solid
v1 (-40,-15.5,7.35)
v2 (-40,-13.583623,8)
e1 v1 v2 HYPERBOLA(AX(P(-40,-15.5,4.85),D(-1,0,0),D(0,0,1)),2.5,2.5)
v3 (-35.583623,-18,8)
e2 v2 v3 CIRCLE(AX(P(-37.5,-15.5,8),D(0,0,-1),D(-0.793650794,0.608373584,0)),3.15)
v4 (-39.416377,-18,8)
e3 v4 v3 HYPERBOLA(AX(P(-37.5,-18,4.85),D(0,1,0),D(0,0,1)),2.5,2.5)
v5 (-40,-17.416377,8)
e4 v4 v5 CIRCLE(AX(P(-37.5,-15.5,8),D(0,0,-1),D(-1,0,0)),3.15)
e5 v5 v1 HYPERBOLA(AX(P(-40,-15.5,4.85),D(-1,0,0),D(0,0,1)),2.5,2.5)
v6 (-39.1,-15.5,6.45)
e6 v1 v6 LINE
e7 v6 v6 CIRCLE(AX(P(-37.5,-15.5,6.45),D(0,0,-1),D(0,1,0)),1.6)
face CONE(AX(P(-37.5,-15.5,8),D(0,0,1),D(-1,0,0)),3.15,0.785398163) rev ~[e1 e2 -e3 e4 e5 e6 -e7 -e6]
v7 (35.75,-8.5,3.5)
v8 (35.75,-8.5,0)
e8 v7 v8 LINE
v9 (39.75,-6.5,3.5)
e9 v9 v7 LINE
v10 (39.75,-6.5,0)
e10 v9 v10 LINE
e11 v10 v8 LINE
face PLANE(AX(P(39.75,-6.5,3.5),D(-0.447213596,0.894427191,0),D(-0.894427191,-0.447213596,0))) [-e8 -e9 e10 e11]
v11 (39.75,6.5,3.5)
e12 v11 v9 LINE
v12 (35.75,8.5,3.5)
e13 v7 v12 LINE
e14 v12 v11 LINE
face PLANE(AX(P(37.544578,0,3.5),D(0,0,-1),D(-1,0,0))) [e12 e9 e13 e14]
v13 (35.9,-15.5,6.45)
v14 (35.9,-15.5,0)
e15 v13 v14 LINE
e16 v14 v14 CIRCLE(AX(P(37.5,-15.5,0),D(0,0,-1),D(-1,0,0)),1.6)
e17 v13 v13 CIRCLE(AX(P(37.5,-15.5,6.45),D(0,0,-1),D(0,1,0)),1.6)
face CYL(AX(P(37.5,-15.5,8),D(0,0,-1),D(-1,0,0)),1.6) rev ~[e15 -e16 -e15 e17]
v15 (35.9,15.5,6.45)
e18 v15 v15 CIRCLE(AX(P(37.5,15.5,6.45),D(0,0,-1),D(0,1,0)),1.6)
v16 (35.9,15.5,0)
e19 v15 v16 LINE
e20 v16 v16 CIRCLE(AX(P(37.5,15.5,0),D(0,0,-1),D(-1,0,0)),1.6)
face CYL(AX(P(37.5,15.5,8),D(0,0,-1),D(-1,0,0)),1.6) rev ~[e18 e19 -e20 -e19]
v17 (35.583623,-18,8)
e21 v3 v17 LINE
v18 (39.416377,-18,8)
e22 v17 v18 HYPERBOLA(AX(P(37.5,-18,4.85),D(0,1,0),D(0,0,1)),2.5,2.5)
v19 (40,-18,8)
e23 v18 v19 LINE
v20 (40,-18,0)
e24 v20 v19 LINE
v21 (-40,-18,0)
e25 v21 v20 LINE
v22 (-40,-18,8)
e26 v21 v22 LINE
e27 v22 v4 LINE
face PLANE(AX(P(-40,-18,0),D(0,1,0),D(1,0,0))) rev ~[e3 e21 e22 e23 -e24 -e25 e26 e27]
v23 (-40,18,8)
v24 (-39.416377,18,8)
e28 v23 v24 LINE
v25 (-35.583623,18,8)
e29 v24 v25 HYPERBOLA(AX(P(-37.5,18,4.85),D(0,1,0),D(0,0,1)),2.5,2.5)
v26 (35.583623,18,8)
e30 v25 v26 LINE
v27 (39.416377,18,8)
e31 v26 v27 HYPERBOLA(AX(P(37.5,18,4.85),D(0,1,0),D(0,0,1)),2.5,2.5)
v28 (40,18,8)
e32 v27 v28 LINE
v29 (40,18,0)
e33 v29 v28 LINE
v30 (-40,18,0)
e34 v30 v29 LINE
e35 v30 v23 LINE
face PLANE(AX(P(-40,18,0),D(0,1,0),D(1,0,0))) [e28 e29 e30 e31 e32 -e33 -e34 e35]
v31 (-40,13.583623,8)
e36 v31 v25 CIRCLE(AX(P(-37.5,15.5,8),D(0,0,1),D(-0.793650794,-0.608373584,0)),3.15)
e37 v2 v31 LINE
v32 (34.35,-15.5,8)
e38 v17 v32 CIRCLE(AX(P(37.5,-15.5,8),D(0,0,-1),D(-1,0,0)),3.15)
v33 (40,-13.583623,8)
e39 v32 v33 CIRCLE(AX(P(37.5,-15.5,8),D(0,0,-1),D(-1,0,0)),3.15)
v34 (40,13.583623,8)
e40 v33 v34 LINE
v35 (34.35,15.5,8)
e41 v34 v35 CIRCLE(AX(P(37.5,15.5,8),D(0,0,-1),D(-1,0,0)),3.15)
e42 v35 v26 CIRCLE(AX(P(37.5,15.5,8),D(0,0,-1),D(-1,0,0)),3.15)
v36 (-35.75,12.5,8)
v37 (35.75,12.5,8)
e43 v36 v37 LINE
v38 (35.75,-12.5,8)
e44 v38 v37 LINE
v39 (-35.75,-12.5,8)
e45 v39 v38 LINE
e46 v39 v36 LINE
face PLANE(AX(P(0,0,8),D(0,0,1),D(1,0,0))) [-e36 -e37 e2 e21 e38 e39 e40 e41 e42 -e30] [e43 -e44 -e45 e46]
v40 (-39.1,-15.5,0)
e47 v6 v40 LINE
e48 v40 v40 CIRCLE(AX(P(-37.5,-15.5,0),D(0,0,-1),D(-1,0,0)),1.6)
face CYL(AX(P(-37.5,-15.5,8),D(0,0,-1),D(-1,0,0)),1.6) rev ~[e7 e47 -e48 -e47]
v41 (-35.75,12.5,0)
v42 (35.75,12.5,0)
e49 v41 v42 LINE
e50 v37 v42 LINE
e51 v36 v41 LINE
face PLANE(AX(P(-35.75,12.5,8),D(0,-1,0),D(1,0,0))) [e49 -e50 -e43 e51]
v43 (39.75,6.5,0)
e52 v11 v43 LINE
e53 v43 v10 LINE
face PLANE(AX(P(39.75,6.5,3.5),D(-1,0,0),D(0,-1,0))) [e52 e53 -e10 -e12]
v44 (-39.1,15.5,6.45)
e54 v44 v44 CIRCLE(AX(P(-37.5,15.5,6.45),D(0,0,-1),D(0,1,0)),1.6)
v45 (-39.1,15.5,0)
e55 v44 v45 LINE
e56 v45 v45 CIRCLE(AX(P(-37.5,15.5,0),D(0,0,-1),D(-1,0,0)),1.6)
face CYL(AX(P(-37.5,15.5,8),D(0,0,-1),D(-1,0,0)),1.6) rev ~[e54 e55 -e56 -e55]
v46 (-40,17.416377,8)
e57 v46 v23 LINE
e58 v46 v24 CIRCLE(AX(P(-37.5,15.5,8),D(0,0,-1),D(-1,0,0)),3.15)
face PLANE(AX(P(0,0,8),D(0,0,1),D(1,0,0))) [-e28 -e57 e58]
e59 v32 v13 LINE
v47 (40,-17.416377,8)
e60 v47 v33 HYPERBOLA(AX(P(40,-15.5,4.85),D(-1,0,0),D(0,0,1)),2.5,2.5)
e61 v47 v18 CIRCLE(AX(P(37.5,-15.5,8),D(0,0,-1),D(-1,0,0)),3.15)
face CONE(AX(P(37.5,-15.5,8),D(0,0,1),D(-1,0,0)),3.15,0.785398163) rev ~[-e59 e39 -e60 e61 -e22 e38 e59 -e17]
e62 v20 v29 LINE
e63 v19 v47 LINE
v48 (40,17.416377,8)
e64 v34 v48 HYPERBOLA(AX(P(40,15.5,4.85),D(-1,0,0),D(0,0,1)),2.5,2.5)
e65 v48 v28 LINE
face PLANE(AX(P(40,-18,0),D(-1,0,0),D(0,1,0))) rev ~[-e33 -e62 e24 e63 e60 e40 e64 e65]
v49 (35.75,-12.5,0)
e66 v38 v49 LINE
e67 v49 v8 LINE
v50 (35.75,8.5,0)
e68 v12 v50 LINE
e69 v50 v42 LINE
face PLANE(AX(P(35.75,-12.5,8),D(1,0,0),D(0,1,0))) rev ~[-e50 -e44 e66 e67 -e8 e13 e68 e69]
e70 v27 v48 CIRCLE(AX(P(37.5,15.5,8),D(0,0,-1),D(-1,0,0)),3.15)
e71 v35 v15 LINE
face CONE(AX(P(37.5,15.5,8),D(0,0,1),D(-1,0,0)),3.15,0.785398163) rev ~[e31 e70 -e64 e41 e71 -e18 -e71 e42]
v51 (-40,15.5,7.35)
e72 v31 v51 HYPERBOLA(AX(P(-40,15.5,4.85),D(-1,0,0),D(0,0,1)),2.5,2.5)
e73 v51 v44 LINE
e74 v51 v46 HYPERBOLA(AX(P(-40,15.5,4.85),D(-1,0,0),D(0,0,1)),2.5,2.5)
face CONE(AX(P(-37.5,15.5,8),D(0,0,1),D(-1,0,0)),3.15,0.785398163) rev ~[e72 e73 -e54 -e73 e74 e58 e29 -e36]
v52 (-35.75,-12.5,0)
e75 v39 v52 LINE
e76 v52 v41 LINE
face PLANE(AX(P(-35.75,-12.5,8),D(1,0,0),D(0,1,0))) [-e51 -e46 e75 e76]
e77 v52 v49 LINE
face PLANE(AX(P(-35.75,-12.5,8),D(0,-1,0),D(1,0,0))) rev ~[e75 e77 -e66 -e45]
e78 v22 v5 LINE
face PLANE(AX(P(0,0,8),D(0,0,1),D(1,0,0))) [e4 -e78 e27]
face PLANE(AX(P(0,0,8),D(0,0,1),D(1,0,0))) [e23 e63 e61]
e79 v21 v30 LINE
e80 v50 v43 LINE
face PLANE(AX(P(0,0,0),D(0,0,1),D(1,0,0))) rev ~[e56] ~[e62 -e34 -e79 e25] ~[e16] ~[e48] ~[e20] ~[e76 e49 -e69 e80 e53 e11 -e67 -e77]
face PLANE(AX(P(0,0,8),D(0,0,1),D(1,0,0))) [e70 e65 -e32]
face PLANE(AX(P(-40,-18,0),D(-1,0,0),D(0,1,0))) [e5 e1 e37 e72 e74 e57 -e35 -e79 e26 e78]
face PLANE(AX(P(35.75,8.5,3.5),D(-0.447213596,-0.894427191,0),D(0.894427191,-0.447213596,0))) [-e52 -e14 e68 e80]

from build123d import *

# Parameters (mm, degrees)
SKETCH2_W                                       = 80
SKETCH2_H                                       = 36
BOSS_EXTRUDE2_DEPTH                             = 8
SKETCH3_W                                       = 71.5
SKETCH3_H                                       = 25
CUT_EXTRUDE1_DEPTH                              = 8
CSK_FOR_M3_FLAT_HEAD_MACHINE_SCREW1_D           = 3.2
CSK_FOR_M3_FLAT_HEAD_MACHINE_SCREW1_CSINK_D     = 6.3
CSK_FOR_M3_FLAT_HEAD_MACHINE_SCREW1_CSINK_ANGLE = 90
CUT_EXTRUDE2_DEPTH                              = 45.586993619
CUT_EXTRUDE2_DEPTH_BACK                         = 3.5


with BuildPart() as part:
    # Sketch2 → Boss-Extrude2 (new body)
    with BuildSketch(Plane.XY):
        Rectangle(SKETCH2_W, SKETCH2_H)
    extrude(amount=BOSS_EXTRUDE2_DEPTH)

    # Sketch3 → Cut-Extrude1 (cut)
    with BuildSketch(Plane.XY.offset(8)):
        Rectangle(SKETCH3_W, SKETCH3_H)
    extrude(amount=-CUT_EXTRUDE1_DEPTH, mode=Mode.SUBTRACT)

    # CSK for M3 Flat Head Machine Screw1 (through all)
    with Locations(Plane.XY.offset(8)):
        with Locations((-37.5, 15.5), (-37.5, -15.5), (37.5, 15.5), (37.5, -15.5)):
            CounterSinkHole(CSK_FOR_M3_FLAT_HEAD_MACHINE_SCREW1_D / 2, CSK_FOR_M3_FLAT_HEAD_MACHINE_SCREW1_CSINK_D / 2, counter_sink_angle=CSK_FOR_M3_FLAT_HEAD_MACHINE_SCREW1_CSINK_ANGLE)

    # Sketch7 → Cut-Extrude2 (cut, two sides: drawn at the far end of the back side and taken through both)
    with BuildSketch(Plane(origin=(0, 0, 0), x_dir=(-1, 0, 0), z_dir=(0, 0, -1)).offset(-CUT_EXTRUDE2_DEPTH_BACK)):
        Polygon((-35.75, -8.5), (-35.75, 8.5), (-39.75, 6.5), (-39.75, -6.5), align=None)
    extrude(amount=CUT_EXTRUDE2_DEPTH + CUT_EXTRUDE2_DEPTH_BACK, mode=Mode.SUBTRACT)


solid = part.part
